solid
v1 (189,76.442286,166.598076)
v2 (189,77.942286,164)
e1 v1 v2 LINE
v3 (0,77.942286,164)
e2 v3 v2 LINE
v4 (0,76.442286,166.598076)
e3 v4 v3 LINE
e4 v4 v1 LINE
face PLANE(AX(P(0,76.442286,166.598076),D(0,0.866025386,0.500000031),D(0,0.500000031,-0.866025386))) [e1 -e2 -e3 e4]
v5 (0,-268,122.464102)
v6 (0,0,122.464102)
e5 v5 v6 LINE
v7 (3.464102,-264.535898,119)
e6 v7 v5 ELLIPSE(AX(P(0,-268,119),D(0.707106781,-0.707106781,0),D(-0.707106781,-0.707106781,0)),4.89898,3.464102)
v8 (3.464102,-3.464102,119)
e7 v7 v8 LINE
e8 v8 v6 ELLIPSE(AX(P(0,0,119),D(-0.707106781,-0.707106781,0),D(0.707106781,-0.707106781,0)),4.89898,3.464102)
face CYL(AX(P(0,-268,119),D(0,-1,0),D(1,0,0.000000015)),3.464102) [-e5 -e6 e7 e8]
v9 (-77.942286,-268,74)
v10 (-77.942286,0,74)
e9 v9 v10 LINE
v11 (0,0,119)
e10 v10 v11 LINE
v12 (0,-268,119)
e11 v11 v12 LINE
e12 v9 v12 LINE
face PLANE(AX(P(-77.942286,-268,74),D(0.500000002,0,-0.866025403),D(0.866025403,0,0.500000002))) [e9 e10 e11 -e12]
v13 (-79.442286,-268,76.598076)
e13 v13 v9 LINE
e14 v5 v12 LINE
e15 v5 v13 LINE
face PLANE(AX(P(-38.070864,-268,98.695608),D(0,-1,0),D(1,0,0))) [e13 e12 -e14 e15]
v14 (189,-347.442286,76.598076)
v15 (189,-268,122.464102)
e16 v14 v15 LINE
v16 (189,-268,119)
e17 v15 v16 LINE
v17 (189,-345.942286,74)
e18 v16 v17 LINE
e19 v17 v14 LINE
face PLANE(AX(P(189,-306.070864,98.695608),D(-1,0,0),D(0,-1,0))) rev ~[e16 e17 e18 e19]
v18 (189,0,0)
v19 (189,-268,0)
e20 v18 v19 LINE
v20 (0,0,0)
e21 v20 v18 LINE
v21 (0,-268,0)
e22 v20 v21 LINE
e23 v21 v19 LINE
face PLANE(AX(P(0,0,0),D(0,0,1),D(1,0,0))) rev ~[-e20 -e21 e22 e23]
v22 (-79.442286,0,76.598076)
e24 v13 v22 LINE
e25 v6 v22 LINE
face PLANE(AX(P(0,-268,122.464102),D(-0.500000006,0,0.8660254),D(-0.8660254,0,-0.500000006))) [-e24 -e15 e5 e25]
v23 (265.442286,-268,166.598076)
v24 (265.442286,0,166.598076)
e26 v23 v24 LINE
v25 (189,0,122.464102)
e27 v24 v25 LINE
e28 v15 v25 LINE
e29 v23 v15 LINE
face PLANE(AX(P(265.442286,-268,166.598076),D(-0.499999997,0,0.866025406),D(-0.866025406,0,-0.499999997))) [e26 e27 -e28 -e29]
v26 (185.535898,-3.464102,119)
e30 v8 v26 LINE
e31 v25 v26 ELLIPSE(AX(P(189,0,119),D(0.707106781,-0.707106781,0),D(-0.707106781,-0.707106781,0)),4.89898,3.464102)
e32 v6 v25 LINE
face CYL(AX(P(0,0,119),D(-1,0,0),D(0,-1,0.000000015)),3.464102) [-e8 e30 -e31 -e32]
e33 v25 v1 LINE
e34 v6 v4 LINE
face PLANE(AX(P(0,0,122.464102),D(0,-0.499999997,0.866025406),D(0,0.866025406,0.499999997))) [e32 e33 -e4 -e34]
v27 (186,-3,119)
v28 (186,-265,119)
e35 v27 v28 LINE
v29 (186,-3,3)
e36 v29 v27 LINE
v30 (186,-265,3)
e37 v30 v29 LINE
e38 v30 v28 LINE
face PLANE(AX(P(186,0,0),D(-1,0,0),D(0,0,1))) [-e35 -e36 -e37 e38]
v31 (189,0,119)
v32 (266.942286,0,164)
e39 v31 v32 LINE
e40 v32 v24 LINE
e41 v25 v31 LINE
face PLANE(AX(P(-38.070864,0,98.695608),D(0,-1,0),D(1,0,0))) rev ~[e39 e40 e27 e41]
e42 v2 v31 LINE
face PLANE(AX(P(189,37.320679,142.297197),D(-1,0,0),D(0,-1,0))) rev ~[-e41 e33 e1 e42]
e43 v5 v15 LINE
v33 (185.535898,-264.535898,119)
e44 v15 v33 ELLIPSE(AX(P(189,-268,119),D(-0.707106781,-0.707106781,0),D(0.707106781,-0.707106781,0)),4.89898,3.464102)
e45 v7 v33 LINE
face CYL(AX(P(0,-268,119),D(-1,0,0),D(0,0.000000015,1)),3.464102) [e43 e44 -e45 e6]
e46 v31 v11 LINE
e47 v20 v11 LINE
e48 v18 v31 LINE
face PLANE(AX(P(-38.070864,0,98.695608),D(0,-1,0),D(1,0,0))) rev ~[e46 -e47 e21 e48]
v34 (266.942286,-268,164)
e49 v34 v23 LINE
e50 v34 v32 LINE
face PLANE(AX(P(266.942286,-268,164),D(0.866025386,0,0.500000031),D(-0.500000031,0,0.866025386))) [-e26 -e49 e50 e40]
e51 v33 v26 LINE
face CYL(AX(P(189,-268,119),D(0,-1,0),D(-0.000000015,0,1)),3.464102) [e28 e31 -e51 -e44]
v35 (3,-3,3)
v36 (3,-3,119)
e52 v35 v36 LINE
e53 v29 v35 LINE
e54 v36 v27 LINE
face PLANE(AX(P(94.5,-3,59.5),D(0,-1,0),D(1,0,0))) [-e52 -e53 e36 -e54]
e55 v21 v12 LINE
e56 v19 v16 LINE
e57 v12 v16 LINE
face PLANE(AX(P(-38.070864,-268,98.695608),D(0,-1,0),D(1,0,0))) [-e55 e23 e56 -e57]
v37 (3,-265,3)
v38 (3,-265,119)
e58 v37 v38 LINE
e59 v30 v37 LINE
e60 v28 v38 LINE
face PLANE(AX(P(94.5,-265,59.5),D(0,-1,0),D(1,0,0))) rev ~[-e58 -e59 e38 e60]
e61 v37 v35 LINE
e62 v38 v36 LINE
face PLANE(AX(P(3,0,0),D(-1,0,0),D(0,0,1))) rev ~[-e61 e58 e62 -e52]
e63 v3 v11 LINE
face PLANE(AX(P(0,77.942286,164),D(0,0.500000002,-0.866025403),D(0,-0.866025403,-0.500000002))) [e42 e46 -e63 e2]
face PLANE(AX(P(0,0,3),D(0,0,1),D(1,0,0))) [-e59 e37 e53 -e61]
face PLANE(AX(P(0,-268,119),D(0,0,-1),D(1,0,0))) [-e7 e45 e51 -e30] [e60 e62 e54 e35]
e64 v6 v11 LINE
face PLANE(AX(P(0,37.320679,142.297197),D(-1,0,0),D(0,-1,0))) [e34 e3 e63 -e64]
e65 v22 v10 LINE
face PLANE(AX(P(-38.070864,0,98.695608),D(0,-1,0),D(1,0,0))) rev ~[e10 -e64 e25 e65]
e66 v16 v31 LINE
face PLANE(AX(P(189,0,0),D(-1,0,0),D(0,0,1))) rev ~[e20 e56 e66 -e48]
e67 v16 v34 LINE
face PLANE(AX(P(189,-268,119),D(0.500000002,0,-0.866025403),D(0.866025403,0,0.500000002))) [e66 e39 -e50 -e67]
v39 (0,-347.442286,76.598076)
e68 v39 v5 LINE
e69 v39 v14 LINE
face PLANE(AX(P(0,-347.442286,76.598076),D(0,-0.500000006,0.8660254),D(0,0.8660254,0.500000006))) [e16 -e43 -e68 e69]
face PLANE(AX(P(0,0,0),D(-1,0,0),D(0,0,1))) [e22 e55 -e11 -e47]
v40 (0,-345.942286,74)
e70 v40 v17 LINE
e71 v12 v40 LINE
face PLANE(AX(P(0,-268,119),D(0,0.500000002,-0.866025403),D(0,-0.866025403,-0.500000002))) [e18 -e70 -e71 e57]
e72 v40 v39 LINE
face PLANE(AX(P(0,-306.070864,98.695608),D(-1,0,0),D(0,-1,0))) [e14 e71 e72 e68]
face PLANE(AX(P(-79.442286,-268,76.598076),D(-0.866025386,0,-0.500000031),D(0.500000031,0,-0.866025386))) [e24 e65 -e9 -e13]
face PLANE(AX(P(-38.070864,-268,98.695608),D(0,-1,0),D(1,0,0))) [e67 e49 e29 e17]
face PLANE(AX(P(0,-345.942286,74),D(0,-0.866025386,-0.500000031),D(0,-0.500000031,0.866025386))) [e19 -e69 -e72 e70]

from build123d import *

# Parameters (mm, degrees)
F0_W     = 189
F0_H     = 119
F1_DEPTH = 268
F2_T     = -3
F4_DEPTH = 268
F6_DEPTH = 189


with BuildPart() as f1:
    # F0 (on Front) → F1 (new body)
    with BuildSketch(Plane.XZ):
        with Locations((94.5, 59.5)):
            Rectangle(F0_W, F0_H)
    extrude(amount=F1_DEPTH)

    # F2
    f2_openings = [f1.faces().sort_by_distance(p)[0] for p in [
        (94.5, -134, 119),
    ]]
    offset(amount=F2_T, openings=f2_openings)

    # F3 (on face) → F4 (join, through all)
    with BuildSketch(Plane.XZ.offset(268)):
        with BuildLine():
            Line((-77.942286, 74), (0, 119))
            Line((0, 119), (3.464102, 119))
            ThreePointArc((3.464102, 119), (2.44949, 121.44949), (0, 122.464102))
            Line((0, 122.464102), (-79.442286, 76.598076))
            Line((-79.442286, 76.598076), (-77.942286, 74))
        make_face()
        with BuildLine():
            Line((185.535898, 119), (189, 119))
            Line((189, 119), (266.942286, 164))
            Line((266.942286, 164), (265.442286, 166.598076))
            Line((265.442286, 166.598076), (189, 122.464102))
            ThreePointArc((189, 122.464102), (186.55051, 121.44949), (185.535898, 119))
        make_face()
    extrude(amount=-F4_DEPTH)

    # F5 (on face) → F6 (join, through all)
    with BuildSketch(Plane(origin=(0, 0, 0), x_dir=(0, -1, 0), z_dir=(-1, 0, 0))):
        with BuildLine():
            Line((264.535898, 119), (268, 119))
            Line((268, 119), (345.942286, 74))
            Line((345.942286, 74), (347.442286, 76.598076))
            Line((347.442286, 76.598076), (268, 122.464102))
            ThreePointArc((268, 122.464102), (265.55051, 121.44949), (264.535898, 119))
        make_face()
        with BuildLine():
            Line((-77.942286, 164), (0, 119))
            Line((0, 119), (3.464102, 119))
            ThreePointArc((3.464102, 119), (2.44949, 121.44949), (0, 122.464102))
            Line((0, 122.464102), (-76.442286, 166.598076))
            Line((-76.442286, 166.598076), (-77.942286, 164))
        make_face()
    extrude(amount=-F6_DEPTH)


solid = f1.part
